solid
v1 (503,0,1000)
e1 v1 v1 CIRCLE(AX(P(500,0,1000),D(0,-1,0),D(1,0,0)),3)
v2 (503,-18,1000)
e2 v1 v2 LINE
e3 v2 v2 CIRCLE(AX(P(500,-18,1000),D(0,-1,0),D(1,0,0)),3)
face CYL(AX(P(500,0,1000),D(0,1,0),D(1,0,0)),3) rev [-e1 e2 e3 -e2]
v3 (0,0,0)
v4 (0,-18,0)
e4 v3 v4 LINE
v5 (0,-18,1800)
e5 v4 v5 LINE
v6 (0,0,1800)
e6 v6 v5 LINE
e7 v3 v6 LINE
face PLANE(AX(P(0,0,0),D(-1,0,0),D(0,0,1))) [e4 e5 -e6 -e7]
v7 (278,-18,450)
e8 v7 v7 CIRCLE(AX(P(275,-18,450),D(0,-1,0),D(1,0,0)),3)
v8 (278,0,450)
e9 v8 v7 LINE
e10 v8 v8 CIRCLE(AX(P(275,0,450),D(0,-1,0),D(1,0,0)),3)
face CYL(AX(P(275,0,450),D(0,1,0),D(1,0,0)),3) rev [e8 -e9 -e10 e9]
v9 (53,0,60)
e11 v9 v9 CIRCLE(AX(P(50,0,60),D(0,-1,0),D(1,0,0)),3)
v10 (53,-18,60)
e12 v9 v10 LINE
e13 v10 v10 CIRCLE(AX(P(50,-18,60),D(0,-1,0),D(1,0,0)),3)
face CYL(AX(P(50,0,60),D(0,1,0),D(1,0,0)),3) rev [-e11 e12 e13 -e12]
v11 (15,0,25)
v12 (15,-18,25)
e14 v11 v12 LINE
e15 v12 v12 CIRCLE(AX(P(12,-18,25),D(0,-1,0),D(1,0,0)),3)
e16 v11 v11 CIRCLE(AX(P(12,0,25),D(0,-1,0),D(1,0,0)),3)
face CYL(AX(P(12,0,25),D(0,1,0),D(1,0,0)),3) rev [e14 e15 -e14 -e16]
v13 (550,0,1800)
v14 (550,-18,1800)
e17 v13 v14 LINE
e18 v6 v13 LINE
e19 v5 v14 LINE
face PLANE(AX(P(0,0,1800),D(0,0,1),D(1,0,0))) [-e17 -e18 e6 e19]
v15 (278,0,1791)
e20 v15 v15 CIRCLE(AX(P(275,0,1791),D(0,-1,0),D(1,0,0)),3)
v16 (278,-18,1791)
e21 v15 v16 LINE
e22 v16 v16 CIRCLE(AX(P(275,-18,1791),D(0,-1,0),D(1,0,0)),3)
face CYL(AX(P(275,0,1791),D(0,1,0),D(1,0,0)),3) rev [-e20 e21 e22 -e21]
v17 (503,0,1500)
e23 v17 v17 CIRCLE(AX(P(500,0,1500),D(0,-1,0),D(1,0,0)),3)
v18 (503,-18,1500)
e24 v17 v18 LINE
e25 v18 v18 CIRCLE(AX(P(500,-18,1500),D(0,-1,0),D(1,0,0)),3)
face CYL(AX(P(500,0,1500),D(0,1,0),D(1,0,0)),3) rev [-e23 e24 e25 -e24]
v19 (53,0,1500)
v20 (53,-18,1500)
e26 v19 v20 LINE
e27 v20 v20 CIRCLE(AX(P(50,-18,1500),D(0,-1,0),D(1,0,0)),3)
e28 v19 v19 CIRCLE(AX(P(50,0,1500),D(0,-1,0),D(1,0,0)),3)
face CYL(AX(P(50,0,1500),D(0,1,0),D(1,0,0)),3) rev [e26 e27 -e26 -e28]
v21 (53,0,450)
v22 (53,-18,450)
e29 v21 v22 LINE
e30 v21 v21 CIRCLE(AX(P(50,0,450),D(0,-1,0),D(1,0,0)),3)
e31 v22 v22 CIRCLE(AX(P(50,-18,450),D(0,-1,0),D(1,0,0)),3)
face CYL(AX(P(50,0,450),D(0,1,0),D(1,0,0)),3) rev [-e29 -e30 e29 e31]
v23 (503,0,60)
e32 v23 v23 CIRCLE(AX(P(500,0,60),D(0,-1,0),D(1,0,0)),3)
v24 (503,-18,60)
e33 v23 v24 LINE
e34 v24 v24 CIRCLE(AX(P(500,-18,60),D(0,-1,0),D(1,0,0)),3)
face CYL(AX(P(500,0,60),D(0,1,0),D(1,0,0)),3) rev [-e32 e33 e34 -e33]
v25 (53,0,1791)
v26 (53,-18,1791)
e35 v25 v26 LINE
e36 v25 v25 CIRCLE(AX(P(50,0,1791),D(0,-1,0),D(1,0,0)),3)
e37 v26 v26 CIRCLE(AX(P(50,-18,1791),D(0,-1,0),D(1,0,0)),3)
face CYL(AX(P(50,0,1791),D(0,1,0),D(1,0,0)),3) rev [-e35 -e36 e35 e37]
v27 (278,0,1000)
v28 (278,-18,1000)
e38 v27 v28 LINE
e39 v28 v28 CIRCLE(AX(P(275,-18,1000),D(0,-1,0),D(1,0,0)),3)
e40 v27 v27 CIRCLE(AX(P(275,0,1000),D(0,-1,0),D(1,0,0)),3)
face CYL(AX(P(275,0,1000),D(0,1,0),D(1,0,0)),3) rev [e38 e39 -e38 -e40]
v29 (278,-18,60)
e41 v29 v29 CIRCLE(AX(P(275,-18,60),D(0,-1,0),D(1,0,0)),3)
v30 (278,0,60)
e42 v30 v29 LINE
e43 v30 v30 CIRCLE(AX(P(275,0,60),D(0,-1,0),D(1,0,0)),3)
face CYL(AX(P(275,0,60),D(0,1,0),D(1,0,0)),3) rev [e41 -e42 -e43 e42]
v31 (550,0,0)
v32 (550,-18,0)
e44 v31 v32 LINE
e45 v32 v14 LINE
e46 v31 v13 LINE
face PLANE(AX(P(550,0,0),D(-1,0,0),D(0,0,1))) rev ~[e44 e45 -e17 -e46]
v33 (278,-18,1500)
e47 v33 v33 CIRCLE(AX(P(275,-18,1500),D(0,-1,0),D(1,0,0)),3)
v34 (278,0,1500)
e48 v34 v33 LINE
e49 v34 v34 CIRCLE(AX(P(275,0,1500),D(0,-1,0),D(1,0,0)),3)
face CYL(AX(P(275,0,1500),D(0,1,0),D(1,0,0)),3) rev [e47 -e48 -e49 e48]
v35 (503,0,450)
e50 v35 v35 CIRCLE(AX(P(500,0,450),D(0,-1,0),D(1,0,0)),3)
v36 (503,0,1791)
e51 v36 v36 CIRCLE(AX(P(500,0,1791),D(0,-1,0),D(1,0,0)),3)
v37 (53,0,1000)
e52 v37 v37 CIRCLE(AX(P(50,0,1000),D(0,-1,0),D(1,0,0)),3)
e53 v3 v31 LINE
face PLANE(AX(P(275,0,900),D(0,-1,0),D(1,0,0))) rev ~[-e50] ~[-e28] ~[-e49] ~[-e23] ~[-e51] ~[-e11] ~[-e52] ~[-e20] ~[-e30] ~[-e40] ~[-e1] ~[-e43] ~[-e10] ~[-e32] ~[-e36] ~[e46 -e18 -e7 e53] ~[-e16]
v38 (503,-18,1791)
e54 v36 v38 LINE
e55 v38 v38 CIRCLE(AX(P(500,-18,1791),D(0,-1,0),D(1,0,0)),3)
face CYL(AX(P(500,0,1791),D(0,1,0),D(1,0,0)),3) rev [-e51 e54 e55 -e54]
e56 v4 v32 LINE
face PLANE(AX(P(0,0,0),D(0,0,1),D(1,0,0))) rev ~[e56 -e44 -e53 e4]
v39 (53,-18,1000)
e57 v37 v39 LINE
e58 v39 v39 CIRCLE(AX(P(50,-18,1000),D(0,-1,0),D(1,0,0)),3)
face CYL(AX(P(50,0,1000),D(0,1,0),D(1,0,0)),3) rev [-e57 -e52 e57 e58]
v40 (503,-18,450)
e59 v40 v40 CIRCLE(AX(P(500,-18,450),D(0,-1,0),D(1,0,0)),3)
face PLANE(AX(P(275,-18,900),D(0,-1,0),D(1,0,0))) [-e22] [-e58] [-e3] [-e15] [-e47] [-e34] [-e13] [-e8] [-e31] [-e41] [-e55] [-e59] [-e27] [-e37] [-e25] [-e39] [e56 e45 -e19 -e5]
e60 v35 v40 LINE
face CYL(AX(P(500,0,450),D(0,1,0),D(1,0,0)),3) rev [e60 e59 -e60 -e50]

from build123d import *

# Parameters (mm, degrees)
F0_W     = 550
F0_H     = 1800
F0_R     = 3
F1_DEPTH = 18


with BuildPart() as f1:
    # F0 (on Front) → F1 (new body)
    with BuildSketch(Plane.XZ):
        with Locations((275, 900)):
            Rectangle(F0_W, F0_H)
        with Locations((12, 25)):
            Circle(F0_R, mode=Mode.SUBTRACT)
        with Locations((50, 60)):
            Circle(F0_R, mode=Mode.SUBTRACT)
        with Locations((50, 450)):
            Circle(F0_R, mode=Mode.SUBTRACT)
        with Locations((275, 60)):
            Circle(F0_R, mode=Mode.SUBTRACT)
        with Locations((500, 60)):
            Circle(F0_R, mode=Mode.SUBTRACT)
        with Locations((275, 450)):
            Circle(F0_R, mode=Mode.SUBTRACT)
        with Locations((500, 450)):
            Circle(F0_R, mode=Mode.SUBTRACT)
        with Locations((50, 1000)):
            Circle(F0_R, mode=Mode.SUBTRACT)
        with Locations((50, 1500)):
            Circle(F0_R, mode=Mode.SUBTRACT)
        with Locations((50, 1791)):
            Circle(F0_R, mode=Mode.SUBTRACT)
        with Locations((275, 1000)):
            Circle(F0_R, mode=Mode.SUBTRACT)
        with Locations((500, 1000)):
            Circle(F0_R, mode=Mode.SUBTRACT)
        with Locations((275, 1500)):
            Circle(F0_R, mode=Mode.SUBTRACT)
        with Locations((275, 1791)):
            Circle(F0_R, mode=Mode.SUBTRACT)
        with Locations((500, 1500)):
            Circle(F0_R, mode=Mode.SUBTRACT)
        with Locations((500, 1791)):
            Circle(F0_R, mode=Mode.SUBTRACT)
    extrude(amount=F1_DEPTH)


solid = f1.part
